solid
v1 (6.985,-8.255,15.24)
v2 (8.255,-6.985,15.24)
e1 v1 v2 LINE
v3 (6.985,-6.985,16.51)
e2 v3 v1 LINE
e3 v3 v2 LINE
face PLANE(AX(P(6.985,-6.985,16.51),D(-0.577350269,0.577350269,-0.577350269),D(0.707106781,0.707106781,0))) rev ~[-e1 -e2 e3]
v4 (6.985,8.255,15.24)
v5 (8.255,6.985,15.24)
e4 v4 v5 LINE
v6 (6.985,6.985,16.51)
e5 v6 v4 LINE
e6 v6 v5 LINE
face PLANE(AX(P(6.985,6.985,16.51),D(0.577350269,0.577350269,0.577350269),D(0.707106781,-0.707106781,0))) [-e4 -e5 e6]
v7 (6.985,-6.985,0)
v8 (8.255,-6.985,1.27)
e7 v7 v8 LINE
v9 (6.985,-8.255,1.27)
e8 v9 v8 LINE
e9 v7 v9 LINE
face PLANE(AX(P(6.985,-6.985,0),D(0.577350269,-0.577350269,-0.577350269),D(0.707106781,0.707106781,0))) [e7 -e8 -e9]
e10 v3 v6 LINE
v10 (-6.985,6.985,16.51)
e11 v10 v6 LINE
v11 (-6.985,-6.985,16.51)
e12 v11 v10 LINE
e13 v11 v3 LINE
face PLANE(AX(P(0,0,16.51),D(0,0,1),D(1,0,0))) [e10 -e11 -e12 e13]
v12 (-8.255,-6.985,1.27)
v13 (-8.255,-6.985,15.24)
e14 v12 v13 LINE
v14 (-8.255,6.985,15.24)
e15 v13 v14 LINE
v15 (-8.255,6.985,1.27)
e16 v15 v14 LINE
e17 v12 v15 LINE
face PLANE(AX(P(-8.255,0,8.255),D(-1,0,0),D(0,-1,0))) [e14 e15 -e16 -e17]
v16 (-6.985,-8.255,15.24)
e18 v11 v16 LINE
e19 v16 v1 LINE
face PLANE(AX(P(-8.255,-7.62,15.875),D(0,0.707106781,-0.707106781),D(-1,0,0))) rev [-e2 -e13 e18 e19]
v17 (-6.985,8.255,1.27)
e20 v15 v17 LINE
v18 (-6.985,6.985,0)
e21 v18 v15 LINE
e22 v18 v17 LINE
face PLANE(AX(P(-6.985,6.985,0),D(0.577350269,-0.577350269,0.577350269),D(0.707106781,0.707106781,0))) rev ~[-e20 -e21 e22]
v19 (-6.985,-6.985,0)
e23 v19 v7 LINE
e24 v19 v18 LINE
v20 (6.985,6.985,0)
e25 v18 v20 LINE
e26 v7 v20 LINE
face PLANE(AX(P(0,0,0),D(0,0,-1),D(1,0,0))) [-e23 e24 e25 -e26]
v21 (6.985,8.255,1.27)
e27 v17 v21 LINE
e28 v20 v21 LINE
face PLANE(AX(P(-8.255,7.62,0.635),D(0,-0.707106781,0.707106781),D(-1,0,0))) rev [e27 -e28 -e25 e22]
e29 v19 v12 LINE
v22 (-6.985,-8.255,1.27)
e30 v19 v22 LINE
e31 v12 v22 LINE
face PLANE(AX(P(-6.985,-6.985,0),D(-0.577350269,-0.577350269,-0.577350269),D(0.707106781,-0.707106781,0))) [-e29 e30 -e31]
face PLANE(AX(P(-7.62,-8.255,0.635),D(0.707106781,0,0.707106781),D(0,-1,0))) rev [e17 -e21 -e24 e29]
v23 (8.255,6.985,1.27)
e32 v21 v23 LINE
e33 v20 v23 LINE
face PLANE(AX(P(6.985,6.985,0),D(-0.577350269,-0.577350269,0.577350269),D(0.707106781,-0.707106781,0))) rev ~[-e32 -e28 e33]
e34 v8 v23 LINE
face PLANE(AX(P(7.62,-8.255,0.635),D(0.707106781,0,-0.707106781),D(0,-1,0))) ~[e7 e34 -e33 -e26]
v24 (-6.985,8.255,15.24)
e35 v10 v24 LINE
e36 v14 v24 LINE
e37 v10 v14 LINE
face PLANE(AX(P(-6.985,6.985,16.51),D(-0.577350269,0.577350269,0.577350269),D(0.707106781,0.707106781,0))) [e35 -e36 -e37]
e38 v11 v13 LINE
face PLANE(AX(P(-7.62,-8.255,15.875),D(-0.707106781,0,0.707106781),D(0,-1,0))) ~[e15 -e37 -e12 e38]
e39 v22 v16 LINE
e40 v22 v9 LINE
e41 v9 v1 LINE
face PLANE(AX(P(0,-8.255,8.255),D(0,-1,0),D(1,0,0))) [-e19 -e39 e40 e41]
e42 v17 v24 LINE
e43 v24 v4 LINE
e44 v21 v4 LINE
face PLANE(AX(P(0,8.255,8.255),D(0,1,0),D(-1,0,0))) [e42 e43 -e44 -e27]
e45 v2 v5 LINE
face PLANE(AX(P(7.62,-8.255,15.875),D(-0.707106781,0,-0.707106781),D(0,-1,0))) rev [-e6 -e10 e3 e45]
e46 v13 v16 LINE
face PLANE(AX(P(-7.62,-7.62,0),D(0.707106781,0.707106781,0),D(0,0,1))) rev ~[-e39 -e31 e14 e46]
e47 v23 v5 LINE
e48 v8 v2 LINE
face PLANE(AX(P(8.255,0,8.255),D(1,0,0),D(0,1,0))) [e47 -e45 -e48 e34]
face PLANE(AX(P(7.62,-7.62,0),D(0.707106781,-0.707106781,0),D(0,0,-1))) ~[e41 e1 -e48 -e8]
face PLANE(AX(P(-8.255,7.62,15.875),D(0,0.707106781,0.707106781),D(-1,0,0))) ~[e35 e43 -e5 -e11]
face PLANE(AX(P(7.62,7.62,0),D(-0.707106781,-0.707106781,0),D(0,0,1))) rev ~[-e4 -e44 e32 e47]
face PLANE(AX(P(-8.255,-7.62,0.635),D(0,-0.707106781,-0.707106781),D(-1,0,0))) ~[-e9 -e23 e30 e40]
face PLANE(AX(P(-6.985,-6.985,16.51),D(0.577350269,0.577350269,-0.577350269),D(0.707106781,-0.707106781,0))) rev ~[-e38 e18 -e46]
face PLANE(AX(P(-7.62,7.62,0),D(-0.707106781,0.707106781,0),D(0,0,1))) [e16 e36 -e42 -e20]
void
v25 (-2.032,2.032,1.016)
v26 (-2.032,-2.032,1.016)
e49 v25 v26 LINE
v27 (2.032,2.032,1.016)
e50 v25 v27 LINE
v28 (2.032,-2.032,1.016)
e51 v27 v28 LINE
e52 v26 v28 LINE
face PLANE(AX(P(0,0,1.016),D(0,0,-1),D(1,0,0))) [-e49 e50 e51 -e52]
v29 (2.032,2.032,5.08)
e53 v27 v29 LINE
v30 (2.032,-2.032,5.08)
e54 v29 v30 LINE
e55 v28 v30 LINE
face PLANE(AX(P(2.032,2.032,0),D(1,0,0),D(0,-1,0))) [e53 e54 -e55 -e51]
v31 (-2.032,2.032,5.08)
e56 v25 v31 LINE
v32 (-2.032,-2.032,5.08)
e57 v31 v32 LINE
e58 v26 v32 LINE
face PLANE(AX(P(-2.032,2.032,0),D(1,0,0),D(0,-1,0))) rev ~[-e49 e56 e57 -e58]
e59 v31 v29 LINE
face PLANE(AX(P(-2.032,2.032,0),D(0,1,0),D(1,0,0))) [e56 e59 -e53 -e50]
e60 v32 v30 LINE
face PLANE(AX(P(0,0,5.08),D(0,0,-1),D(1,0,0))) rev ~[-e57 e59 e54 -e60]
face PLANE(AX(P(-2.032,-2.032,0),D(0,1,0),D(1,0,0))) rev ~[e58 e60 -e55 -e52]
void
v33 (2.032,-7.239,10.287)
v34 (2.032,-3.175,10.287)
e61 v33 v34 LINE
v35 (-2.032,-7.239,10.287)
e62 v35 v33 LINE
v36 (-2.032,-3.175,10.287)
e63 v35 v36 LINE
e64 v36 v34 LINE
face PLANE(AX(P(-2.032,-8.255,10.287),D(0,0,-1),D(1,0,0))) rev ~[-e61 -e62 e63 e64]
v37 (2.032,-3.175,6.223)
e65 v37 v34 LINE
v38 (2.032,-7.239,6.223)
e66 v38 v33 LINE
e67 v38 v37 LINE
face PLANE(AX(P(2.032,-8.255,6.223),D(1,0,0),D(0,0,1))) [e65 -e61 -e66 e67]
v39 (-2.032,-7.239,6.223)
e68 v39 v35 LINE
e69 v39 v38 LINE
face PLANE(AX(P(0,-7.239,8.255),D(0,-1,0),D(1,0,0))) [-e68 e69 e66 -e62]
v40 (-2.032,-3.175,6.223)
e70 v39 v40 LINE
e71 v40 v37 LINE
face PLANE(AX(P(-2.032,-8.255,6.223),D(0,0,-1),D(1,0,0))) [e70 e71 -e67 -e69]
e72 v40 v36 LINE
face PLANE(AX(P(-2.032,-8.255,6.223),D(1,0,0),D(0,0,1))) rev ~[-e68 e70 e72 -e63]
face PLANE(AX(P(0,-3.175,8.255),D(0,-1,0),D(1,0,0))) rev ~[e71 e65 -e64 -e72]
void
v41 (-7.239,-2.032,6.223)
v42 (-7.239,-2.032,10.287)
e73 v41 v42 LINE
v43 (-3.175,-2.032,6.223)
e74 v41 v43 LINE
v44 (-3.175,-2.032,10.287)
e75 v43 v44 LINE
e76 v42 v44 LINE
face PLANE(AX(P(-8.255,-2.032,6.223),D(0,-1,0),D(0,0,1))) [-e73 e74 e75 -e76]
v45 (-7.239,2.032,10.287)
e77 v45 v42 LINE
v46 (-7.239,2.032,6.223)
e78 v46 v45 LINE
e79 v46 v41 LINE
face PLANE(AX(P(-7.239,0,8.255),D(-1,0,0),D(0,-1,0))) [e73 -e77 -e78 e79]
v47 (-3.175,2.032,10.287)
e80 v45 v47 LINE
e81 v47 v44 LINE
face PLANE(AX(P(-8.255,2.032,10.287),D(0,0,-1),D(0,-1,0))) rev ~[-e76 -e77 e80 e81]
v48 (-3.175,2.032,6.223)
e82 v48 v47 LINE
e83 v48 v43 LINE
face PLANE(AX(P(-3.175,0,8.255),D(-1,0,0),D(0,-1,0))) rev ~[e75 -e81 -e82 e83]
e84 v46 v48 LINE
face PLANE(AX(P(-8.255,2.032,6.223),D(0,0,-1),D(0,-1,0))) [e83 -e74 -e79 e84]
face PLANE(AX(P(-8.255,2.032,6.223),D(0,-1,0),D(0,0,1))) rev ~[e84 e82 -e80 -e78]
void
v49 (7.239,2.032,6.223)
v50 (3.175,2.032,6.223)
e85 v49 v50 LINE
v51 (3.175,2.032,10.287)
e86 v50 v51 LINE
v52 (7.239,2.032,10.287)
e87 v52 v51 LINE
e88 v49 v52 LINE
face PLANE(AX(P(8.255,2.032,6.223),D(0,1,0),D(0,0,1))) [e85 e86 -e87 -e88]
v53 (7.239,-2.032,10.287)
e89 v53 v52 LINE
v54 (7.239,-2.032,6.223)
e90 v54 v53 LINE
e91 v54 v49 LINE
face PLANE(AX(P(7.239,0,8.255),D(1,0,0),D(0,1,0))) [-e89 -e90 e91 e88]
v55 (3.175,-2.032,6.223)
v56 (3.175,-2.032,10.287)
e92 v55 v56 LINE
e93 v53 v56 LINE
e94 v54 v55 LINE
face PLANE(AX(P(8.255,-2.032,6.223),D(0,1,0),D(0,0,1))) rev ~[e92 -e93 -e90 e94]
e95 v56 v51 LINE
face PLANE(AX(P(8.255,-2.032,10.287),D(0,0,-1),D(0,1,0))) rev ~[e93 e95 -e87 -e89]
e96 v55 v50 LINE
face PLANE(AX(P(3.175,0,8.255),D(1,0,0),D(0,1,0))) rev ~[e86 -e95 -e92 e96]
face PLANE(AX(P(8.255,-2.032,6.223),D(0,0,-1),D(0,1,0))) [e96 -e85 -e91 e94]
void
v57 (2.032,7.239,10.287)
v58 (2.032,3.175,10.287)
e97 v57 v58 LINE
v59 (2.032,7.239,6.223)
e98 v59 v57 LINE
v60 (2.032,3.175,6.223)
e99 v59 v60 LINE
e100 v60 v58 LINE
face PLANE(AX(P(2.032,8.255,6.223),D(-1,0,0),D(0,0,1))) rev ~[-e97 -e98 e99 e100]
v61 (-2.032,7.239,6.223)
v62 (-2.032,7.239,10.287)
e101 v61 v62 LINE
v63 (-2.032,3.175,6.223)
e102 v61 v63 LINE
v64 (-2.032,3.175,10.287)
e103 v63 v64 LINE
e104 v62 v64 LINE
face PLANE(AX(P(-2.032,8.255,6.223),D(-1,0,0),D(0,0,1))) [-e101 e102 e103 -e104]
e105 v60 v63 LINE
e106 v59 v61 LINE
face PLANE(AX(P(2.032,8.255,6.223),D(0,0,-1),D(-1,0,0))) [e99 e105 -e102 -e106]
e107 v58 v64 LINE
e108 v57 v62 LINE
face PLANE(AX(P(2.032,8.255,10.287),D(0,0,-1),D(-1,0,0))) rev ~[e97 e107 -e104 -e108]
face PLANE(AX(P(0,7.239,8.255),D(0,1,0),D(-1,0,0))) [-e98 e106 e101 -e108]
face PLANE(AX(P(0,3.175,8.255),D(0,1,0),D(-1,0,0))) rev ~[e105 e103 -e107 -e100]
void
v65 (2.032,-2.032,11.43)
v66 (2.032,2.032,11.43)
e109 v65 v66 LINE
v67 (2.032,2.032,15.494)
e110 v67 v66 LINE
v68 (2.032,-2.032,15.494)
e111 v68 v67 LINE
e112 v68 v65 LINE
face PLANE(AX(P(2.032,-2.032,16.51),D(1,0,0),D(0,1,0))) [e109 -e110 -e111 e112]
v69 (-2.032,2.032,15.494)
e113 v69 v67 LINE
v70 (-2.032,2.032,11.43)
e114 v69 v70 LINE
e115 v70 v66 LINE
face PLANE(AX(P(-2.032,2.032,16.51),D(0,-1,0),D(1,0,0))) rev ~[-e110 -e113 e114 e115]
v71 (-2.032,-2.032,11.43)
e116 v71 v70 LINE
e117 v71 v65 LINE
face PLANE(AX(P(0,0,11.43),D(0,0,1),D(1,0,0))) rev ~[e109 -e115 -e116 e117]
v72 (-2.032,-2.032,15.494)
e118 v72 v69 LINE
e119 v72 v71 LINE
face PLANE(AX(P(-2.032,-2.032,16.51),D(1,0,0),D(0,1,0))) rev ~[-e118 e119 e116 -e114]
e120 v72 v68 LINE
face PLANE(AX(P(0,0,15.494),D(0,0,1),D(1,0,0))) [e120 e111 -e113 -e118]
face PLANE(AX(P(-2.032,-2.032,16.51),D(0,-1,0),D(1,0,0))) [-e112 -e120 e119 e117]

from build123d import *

# Parameters (mm, degrees)
F0_W      = 16.51
F0_H      = 16.51
F1_DEPTH  = 16.51
F2_SIZE   = 1.27
F3_W      = 4.064
F3_H      = 4.064
F4_DEPTH  = 5.08
F5_W      = 4.064
F5_H      = 4.064
F6_DEPTH  = 5.08
F7_W      = 4.064
F7_H      = 4.064
F8_DEPTH  = 5.08
F9_W      = 4.064
F9_H      = 4.064
F10_DEPTH = 5.08
F11_W     = 4.064
F11_H     = 4.064
F12_DEPTH = 5.08
F13_W     = 4.064
F13_H     = 4.064
F14_DEPTH = 5.08
F15_DEPTH = 1.016
F16_DEPTH = 1.016
F17_DEPTH = 1.016
F18_DEPTH = 1.016
F19_DEPTH = 1.016
F20_DEPTH = 1.016


with BuildPart() as f1:
    # F0 (on Top) → F1 (new body)
    with BuildSketch(Plane.XY):
        Rectangle(F0_W, F0_H)
    extrude(amount=F1_DEPTH)

    # F2
    f2_edges = [f1.edges().sort_by_distance(p)[0] for p in [
        (-8.255, 8.255, 8.255),
        (-8.255, -8.255, 8.255),
        (-8.255, 0, 0),
        (-8.255, 0, 16.51),
        (8.255, -8.255, 8.255),
        (0, -8.255, 16.51),
        (0, -8.255, 0),
        (8.255, 8.255, 8.255),
        (0, 8.255, 0),
        (0, 8.255, 16.51),
        (8.255, 0, 0),
        (8.255, 0, 16.51),
    ]]
    chamfer(f2_edges, length=F2_SIZE)

    # F3 (on face) → F4 (cut)
    with BuildSketch(Plane(origin=(0, 8.255, 0), x_dir=(-1, 0, 0), z_dir=(0, 1, 0))):
        with Locations((0, 8.255)):
            Rectangle(F3_W, F3_H)
    extrude(amount=-F4_DEPTH, mode=Mode.SUBTRACT)

    # F5 (on face) → F6 (cut)
    with BuildSketch(Plane.YZ.offset(8.255)):
        with Locations((0, 8.255)):
            Rectangle(F5_W, F5_H)
    extrude(amount=-F6_DEPTH, mode=Mode.SUBTRACT)

    # F7 (on face) → F8 (cut)
    with BuildSketch(Plane(origin=(-8.255, 0, 0), x_dir=(0, -1, 0), z_dir=(-1, 0, 0))):
        with Locations((0, 8.255)):
            Rectangle(F7_W, F7_H)
    extrude(amount=-F8_DEPTH, mode=Mode.SUBTRACT)

    # F9 (on face) → F10 (cut)
    with BuildSketch(Plane.XZ.offset(8.255)):
        with Locations((0, 8.255)):
            Rectangle(F9_W, F9_H)
    extrude(amount=-F10_DEPTH, mode=Mode.SUBTRACT)

    # F11 (on face) → F12 (cut)
    with BuildSketch(Plane.XY.offset(16.51)):
        Rectangle(F11_W, F11_H)
    extrude(amount=-F12_DEPTH, mode=Mode.SUBTRACT)

    # F13 (on face) → F14 (cut)
    with BuildSketch(Plane(origin=(0, 0, 0), x_dir=(1, 0, 0), z_dir=(0, 0, -1))):
        Rectangle(F13_W, F13_H)
    extrude(amount=-F14_DEPTH, mode=Mode.SUBTRACT)

    # F3 (on face) → F15 (join)
    with BuildSketch(Plane(origin=(0, 8.255, 0), x_dir=(-1, 0, 0), z_dir=(0, 1, 0))):
        with Locations((0, 8.255)):
            Rectangle(F3_W, F3_H)
    extrude(amount=-F15_DEPTH)

    # F5 (on face) → F16 (join)
    with BuildSketch(Plane.YZ.offset(8.255)):
        with Locations((0, 8.255)):
            Rectangle(F5_W, F5_H)
    extrude(amount=-F16_DEPTH)

    # F7 (on face) → F17 (join)
    with BuildSketch(Plane(origin=(-8.255, 0, 0), x_dir=(0, -1, 0), z_dir=(-1, 0, 0))):
        with Locations((0, 8.255)):
            Rectangle(F7_W, F7_H)
    extrude(amount=-F17_DEPTH)

    # F9 (on face) → F18 (join)
    with BuildSketch(Plane.XZ.offset(8.255)):
        with Locations((0, 8.255)):
            Rectangle(F9_W, F9_H)
    extrude(amount=-F18_DEPTH)

    # F11 (on face) → F19 (join)
    with BuildSketch(Plane.XY.offset(16.51)):
        Rectangle(F11_W, F11_H)
    extrude(amount=-F19_DEPTH)

    # F13 (on face) → F20 (join)
    with BuildSketch(Plane(origin=(0, 0, 0), x_dir=(1, 0, 0), z_dir=(0, 0, -1))):
        Rectangle(F13_W, F13_H)
    extrude(amount=-F20_DEPTH)


solid = f1.part
